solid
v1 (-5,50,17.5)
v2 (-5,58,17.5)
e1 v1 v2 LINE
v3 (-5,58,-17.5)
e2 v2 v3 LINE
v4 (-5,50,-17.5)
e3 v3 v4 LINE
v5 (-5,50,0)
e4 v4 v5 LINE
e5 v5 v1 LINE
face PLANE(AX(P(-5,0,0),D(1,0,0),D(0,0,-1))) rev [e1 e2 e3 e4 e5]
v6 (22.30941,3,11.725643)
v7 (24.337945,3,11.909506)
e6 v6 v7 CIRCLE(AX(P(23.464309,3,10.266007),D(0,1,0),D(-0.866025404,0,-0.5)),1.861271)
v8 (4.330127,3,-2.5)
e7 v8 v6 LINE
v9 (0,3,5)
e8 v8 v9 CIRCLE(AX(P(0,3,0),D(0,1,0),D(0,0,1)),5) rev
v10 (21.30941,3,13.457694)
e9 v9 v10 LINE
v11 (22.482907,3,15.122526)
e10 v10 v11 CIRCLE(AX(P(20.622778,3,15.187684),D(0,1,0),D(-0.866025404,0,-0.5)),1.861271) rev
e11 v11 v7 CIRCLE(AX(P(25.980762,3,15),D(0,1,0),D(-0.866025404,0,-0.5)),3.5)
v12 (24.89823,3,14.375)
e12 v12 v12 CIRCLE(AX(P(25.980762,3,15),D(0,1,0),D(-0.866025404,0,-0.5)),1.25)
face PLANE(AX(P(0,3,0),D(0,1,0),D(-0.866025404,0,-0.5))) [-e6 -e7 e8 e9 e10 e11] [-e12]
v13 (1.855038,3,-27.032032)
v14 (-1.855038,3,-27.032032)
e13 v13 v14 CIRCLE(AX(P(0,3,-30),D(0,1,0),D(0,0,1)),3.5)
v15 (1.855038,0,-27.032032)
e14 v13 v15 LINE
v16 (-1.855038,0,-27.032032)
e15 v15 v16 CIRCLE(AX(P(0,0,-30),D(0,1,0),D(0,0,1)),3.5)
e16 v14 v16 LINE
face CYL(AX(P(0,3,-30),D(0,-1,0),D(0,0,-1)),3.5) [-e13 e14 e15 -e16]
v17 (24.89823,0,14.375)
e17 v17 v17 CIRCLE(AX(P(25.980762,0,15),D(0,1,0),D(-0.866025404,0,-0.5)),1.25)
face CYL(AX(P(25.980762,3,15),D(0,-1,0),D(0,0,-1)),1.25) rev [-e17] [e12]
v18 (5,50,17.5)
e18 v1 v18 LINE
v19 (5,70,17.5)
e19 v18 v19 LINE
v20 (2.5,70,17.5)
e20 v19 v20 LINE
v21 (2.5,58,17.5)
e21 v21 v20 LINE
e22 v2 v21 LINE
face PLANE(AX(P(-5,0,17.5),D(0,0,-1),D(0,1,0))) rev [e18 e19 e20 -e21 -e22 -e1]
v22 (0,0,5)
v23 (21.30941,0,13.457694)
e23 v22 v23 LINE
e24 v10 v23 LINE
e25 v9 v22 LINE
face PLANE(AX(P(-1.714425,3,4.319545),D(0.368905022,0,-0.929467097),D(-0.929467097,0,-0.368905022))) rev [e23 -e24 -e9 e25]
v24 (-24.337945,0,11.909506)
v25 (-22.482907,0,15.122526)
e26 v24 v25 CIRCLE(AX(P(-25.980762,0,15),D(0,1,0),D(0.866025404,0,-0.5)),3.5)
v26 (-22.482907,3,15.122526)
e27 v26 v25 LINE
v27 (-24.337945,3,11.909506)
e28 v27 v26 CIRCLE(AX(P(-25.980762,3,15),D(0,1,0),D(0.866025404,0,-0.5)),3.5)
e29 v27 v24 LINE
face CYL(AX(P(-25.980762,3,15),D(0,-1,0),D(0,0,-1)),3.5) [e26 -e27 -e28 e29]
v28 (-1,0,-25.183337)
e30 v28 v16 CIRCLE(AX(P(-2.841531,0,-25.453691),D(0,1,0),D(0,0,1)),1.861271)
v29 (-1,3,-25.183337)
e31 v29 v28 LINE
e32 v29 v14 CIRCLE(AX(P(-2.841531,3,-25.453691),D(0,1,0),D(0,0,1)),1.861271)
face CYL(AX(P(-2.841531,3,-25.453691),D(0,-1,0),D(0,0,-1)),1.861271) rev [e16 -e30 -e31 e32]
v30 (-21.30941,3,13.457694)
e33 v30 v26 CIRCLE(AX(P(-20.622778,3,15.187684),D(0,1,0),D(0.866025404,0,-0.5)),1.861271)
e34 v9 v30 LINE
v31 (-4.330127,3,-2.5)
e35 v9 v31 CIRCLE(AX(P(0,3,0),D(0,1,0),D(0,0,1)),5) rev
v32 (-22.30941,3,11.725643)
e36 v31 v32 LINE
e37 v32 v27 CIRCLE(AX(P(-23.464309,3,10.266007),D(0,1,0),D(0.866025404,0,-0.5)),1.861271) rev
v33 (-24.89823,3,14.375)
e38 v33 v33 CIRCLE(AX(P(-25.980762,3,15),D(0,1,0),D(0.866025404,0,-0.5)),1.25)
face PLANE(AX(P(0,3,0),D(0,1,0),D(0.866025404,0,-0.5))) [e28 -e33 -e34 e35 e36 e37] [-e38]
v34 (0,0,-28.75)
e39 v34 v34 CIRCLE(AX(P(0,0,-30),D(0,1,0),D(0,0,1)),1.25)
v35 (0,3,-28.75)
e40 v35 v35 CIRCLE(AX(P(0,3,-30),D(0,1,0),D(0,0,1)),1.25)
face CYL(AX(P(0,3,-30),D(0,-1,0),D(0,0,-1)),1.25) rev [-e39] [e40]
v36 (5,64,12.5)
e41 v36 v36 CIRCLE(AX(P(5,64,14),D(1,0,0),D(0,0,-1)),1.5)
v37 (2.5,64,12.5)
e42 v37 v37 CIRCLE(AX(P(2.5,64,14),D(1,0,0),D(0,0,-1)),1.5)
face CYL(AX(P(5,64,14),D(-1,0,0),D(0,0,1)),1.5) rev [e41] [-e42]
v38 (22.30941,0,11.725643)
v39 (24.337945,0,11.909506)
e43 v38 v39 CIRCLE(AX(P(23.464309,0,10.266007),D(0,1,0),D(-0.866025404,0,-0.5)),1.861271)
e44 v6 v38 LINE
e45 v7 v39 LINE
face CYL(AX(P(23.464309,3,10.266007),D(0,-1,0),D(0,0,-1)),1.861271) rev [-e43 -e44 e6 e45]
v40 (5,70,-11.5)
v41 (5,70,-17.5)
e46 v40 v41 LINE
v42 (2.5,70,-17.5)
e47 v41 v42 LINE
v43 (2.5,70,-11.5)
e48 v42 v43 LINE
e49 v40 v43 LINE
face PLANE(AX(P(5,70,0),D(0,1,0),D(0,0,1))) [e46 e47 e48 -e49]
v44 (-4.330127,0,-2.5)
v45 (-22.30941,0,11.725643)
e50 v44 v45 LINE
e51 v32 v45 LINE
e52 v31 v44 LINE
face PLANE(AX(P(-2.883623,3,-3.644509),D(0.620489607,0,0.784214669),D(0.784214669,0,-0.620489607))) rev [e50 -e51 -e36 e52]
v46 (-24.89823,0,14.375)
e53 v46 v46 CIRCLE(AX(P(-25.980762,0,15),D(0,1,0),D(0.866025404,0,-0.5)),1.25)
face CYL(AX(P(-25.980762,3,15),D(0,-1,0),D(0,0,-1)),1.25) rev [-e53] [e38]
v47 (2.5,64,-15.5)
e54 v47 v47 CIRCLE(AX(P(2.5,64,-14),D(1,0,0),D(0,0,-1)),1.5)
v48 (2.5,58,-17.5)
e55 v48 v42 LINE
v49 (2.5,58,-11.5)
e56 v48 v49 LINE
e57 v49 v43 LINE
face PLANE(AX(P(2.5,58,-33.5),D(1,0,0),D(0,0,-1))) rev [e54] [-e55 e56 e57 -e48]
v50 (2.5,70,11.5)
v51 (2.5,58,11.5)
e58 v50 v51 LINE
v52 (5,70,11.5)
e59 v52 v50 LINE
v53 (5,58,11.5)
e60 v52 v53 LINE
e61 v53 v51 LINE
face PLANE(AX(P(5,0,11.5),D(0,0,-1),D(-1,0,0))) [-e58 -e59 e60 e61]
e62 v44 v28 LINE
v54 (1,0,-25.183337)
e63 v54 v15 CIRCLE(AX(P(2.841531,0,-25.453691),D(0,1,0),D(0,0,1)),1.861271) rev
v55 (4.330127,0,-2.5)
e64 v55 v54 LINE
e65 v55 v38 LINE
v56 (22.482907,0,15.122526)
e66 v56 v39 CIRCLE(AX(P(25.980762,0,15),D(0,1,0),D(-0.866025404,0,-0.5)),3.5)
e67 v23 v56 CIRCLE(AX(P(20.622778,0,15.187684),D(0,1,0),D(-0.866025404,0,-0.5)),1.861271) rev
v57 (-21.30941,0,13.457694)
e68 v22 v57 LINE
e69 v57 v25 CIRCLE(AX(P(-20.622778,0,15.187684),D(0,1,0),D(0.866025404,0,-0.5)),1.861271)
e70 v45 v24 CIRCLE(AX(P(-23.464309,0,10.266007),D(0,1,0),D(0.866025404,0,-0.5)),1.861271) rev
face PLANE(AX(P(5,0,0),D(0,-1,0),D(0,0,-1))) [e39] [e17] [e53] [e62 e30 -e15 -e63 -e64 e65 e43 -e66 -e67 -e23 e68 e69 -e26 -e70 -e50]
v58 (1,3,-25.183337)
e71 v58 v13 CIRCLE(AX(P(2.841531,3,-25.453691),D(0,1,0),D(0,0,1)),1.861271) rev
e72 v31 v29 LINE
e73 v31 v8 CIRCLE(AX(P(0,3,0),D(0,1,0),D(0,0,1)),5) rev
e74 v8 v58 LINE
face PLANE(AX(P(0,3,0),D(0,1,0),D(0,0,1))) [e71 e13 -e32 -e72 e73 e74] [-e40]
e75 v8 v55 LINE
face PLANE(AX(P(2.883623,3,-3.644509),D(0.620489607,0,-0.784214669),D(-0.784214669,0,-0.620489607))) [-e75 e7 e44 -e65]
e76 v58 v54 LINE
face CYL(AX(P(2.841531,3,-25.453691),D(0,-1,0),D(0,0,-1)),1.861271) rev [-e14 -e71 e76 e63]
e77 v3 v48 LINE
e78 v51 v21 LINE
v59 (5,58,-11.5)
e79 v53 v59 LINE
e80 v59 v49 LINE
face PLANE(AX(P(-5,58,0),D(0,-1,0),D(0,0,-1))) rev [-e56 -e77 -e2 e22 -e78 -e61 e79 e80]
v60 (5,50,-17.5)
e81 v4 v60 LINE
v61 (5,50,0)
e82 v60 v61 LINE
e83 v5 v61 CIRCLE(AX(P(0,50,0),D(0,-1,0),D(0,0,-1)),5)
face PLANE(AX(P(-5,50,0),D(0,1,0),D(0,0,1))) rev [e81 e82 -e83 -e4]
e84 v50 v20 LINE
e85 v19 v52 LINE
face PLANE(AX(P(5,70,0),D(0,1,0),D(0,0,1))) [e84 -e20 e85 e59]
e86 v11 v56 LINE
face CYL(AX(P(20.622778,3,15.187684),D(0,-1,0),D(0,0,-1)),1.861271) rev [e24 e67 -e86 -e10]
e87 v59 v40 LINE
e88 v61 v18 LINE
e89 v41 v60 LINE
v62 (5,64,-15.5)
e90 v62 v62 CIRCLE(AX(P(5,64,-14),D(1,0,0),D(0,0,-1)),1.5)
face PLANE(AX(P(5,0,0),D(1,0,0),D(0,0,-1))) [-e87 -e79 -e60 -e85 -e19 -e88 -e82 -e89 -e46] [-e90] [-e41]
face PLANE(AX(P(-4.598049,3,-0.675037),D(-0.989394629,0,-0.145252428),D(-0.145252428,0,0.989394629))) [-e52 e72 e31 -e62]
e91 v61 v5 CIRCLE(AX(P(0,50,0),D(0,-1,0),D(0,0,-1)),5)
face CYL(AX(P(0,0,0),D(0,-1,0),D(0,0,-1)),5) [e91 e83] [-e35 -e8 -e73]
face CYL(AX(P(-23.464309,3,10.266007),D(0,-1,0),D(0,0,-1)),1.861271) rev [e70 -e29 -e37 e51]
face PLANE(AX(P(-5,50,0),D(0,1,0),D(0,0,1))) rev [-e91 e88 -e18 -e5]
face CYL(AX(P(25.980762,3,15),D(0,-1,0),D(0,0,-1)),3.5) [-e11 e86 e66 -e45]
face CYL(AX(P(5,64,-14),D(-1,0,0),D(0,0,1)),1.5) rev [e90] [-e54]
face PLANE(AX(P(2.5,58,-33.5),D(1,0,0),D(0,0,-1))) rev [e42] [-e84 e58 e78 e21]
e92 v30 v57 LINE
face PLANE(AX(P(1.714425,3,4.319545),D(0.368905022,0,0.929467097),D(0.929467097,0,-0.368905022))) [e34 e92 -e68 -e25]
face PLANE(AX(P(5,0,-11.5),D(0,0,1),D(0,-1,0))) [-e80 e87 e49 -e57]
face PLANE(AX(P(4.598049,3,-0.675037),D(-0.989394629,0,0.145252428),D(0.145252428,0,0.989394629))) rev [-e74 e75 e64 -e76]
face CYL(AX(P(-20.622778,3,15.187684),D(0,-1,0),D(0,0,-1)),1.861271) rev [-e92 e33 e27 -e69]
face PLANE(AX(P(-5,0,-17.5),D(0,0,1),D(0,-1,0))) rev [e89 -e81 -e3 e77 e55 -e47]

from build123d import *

# Parameters (mm, degrees)
SKETCH1_W                = 5
SKETCH1_H                = 50
SKETCH2_R                = 1.25
BOSS_EXTRUDE1_DEPTH      = 3
CIRPATTERN1_COUNT        = 3
BOSS_EXTRUDE2_DEPTH      = 5
BOSS_EXTRUDE2_DEPTH_BACK = 5
SKETCH3_3_W              = 6
SKETCH3_3_H              = 12
SKETCH3_3_R              = 1.5
BOSS_EXTRUDE3_DEPTH      = 5
SKETCH4_W                = 2.5
SKETCH4_H                = 12
CUT_EXTRUDE1_DEPTH       = 92.488334419


with BuildPart() as part:
    # Sketch1 → Revolve1 (revolve)
    with BuildSketch(Plane.XY):
        with Locations((2.5, 25)):
            Rectangle(SKETCH1_W, SKETCH1_H)
    revolve(axis=Axis((0, 0, 0), (0, 1, 0)))

    # Sketch2 → Boss-Extrude1 (add)
    with BuildSketch(Plane(origin=(0, 0, 0), x_dir=(1, 0, 0), z_dir=(0, 1, 0))):
        with BuildLine():
            Line((-1, 25.183337145), (-4.330127019, 2.5))
            Line((-4.330127019, 2.5), (4.330127019, 2.5))
            Line((4.330127019, 2.5), (1, 25.183337145))
            ThreePointArc((1, 25.183337145), (1.152197325, 26.235023126), (1.855037693, 27.032031813))
            ThreePointArc((1.855037693, 27.032031813), (0, 33.5), (-1.855037693, 27.032031813))
            ThreePointArc((-1.855037693, 27.032031813), (-1.152197325, 26.235023126), (-1, 25.183337145))
        make_face()
        with Locations((0, 30)):
            Circle(SKETCH2_R, mode=Mode.SUBTRACT)
    boss_extrude1 = extrude(amount=BOSS_EXTRUDE1_DEPTH)

    # CirPattern1: Boss-Extrude1 ×3 about axis
    cirpattern1_axis = Axis((0, 50, 0), (0, -1, 0))
    for i in range(1, CIRPATTERN1_COUNT):
        add(boss_extrude1.rotate(cirpattern1_axis, i * 360 / CIRPATTERN1_COUNT))

    # Sketch3 → Boss-Extrude2 (add, two sides: drawn at the far end of the back side and taken through both)
    with BuildSketch(Plane(origin=(0, 0, 0), x_dir=(0, 0, -1), z_dir=(1, 0, 0)).offset(-BOSS_EXTRUDE2_DEPTH_BACK)):
        Polygon((-17.5, 50), (17.5, 50), (17.5, 58), (11.5, 58), (-11.5, 58), (-17.5, 58), align=None)
    extrude(amount=BOSS_EXTRUDE2_DEPTH + BOSS_EXTRUDE2_DEPTH_BACK)

    # Sketch3<3> → Boss-Extrude3 (add)
    # profile 1 of 2: a face of its own
    with BuildSketch(Plane(origin=(0, 0, 0), x_dir=(0, 0, -1), z_dir=(1, 0, 0))):
        with Locations((14.5, 64)):
            Rectangle(SKETCH3_3_W, SKETCH3_3_H)
        with Locations((14, 64)):
            Circle(SKETCH3_3_R, mode=Mode.SUBTRACT)
    # profile 2 of 2: a face of its own
    with BuildSketch(Plane(origin=(0, 0, 0), x_dir=(0, 0, -1), z_dir=(1, 0, 0))):
        with Locations((-14.5, 64)):
            Rectangle(SKETCH3_3_W, SKETCH3_3_H)
        with Locations((-14, 64)):
            Circle(SKETCH3_3_R, mode=Mode.SUBTRACT)
    extrude(amount=BOSS_EXTRUDE3_DEPTH)

    # Sketch4 → Cut-Extrude1 (cut, through all)
    with BuildSketch(Plane.XY.offset(17.5)):
        with Locations((1.25, 64)):
            Rectangle(SKETCH4_W, SKETCH4_H)
    extrude(amount=-CUT_EXTRUDE1_DEPTH, mode=Mode.SUBTRACT)


solid = part.part
